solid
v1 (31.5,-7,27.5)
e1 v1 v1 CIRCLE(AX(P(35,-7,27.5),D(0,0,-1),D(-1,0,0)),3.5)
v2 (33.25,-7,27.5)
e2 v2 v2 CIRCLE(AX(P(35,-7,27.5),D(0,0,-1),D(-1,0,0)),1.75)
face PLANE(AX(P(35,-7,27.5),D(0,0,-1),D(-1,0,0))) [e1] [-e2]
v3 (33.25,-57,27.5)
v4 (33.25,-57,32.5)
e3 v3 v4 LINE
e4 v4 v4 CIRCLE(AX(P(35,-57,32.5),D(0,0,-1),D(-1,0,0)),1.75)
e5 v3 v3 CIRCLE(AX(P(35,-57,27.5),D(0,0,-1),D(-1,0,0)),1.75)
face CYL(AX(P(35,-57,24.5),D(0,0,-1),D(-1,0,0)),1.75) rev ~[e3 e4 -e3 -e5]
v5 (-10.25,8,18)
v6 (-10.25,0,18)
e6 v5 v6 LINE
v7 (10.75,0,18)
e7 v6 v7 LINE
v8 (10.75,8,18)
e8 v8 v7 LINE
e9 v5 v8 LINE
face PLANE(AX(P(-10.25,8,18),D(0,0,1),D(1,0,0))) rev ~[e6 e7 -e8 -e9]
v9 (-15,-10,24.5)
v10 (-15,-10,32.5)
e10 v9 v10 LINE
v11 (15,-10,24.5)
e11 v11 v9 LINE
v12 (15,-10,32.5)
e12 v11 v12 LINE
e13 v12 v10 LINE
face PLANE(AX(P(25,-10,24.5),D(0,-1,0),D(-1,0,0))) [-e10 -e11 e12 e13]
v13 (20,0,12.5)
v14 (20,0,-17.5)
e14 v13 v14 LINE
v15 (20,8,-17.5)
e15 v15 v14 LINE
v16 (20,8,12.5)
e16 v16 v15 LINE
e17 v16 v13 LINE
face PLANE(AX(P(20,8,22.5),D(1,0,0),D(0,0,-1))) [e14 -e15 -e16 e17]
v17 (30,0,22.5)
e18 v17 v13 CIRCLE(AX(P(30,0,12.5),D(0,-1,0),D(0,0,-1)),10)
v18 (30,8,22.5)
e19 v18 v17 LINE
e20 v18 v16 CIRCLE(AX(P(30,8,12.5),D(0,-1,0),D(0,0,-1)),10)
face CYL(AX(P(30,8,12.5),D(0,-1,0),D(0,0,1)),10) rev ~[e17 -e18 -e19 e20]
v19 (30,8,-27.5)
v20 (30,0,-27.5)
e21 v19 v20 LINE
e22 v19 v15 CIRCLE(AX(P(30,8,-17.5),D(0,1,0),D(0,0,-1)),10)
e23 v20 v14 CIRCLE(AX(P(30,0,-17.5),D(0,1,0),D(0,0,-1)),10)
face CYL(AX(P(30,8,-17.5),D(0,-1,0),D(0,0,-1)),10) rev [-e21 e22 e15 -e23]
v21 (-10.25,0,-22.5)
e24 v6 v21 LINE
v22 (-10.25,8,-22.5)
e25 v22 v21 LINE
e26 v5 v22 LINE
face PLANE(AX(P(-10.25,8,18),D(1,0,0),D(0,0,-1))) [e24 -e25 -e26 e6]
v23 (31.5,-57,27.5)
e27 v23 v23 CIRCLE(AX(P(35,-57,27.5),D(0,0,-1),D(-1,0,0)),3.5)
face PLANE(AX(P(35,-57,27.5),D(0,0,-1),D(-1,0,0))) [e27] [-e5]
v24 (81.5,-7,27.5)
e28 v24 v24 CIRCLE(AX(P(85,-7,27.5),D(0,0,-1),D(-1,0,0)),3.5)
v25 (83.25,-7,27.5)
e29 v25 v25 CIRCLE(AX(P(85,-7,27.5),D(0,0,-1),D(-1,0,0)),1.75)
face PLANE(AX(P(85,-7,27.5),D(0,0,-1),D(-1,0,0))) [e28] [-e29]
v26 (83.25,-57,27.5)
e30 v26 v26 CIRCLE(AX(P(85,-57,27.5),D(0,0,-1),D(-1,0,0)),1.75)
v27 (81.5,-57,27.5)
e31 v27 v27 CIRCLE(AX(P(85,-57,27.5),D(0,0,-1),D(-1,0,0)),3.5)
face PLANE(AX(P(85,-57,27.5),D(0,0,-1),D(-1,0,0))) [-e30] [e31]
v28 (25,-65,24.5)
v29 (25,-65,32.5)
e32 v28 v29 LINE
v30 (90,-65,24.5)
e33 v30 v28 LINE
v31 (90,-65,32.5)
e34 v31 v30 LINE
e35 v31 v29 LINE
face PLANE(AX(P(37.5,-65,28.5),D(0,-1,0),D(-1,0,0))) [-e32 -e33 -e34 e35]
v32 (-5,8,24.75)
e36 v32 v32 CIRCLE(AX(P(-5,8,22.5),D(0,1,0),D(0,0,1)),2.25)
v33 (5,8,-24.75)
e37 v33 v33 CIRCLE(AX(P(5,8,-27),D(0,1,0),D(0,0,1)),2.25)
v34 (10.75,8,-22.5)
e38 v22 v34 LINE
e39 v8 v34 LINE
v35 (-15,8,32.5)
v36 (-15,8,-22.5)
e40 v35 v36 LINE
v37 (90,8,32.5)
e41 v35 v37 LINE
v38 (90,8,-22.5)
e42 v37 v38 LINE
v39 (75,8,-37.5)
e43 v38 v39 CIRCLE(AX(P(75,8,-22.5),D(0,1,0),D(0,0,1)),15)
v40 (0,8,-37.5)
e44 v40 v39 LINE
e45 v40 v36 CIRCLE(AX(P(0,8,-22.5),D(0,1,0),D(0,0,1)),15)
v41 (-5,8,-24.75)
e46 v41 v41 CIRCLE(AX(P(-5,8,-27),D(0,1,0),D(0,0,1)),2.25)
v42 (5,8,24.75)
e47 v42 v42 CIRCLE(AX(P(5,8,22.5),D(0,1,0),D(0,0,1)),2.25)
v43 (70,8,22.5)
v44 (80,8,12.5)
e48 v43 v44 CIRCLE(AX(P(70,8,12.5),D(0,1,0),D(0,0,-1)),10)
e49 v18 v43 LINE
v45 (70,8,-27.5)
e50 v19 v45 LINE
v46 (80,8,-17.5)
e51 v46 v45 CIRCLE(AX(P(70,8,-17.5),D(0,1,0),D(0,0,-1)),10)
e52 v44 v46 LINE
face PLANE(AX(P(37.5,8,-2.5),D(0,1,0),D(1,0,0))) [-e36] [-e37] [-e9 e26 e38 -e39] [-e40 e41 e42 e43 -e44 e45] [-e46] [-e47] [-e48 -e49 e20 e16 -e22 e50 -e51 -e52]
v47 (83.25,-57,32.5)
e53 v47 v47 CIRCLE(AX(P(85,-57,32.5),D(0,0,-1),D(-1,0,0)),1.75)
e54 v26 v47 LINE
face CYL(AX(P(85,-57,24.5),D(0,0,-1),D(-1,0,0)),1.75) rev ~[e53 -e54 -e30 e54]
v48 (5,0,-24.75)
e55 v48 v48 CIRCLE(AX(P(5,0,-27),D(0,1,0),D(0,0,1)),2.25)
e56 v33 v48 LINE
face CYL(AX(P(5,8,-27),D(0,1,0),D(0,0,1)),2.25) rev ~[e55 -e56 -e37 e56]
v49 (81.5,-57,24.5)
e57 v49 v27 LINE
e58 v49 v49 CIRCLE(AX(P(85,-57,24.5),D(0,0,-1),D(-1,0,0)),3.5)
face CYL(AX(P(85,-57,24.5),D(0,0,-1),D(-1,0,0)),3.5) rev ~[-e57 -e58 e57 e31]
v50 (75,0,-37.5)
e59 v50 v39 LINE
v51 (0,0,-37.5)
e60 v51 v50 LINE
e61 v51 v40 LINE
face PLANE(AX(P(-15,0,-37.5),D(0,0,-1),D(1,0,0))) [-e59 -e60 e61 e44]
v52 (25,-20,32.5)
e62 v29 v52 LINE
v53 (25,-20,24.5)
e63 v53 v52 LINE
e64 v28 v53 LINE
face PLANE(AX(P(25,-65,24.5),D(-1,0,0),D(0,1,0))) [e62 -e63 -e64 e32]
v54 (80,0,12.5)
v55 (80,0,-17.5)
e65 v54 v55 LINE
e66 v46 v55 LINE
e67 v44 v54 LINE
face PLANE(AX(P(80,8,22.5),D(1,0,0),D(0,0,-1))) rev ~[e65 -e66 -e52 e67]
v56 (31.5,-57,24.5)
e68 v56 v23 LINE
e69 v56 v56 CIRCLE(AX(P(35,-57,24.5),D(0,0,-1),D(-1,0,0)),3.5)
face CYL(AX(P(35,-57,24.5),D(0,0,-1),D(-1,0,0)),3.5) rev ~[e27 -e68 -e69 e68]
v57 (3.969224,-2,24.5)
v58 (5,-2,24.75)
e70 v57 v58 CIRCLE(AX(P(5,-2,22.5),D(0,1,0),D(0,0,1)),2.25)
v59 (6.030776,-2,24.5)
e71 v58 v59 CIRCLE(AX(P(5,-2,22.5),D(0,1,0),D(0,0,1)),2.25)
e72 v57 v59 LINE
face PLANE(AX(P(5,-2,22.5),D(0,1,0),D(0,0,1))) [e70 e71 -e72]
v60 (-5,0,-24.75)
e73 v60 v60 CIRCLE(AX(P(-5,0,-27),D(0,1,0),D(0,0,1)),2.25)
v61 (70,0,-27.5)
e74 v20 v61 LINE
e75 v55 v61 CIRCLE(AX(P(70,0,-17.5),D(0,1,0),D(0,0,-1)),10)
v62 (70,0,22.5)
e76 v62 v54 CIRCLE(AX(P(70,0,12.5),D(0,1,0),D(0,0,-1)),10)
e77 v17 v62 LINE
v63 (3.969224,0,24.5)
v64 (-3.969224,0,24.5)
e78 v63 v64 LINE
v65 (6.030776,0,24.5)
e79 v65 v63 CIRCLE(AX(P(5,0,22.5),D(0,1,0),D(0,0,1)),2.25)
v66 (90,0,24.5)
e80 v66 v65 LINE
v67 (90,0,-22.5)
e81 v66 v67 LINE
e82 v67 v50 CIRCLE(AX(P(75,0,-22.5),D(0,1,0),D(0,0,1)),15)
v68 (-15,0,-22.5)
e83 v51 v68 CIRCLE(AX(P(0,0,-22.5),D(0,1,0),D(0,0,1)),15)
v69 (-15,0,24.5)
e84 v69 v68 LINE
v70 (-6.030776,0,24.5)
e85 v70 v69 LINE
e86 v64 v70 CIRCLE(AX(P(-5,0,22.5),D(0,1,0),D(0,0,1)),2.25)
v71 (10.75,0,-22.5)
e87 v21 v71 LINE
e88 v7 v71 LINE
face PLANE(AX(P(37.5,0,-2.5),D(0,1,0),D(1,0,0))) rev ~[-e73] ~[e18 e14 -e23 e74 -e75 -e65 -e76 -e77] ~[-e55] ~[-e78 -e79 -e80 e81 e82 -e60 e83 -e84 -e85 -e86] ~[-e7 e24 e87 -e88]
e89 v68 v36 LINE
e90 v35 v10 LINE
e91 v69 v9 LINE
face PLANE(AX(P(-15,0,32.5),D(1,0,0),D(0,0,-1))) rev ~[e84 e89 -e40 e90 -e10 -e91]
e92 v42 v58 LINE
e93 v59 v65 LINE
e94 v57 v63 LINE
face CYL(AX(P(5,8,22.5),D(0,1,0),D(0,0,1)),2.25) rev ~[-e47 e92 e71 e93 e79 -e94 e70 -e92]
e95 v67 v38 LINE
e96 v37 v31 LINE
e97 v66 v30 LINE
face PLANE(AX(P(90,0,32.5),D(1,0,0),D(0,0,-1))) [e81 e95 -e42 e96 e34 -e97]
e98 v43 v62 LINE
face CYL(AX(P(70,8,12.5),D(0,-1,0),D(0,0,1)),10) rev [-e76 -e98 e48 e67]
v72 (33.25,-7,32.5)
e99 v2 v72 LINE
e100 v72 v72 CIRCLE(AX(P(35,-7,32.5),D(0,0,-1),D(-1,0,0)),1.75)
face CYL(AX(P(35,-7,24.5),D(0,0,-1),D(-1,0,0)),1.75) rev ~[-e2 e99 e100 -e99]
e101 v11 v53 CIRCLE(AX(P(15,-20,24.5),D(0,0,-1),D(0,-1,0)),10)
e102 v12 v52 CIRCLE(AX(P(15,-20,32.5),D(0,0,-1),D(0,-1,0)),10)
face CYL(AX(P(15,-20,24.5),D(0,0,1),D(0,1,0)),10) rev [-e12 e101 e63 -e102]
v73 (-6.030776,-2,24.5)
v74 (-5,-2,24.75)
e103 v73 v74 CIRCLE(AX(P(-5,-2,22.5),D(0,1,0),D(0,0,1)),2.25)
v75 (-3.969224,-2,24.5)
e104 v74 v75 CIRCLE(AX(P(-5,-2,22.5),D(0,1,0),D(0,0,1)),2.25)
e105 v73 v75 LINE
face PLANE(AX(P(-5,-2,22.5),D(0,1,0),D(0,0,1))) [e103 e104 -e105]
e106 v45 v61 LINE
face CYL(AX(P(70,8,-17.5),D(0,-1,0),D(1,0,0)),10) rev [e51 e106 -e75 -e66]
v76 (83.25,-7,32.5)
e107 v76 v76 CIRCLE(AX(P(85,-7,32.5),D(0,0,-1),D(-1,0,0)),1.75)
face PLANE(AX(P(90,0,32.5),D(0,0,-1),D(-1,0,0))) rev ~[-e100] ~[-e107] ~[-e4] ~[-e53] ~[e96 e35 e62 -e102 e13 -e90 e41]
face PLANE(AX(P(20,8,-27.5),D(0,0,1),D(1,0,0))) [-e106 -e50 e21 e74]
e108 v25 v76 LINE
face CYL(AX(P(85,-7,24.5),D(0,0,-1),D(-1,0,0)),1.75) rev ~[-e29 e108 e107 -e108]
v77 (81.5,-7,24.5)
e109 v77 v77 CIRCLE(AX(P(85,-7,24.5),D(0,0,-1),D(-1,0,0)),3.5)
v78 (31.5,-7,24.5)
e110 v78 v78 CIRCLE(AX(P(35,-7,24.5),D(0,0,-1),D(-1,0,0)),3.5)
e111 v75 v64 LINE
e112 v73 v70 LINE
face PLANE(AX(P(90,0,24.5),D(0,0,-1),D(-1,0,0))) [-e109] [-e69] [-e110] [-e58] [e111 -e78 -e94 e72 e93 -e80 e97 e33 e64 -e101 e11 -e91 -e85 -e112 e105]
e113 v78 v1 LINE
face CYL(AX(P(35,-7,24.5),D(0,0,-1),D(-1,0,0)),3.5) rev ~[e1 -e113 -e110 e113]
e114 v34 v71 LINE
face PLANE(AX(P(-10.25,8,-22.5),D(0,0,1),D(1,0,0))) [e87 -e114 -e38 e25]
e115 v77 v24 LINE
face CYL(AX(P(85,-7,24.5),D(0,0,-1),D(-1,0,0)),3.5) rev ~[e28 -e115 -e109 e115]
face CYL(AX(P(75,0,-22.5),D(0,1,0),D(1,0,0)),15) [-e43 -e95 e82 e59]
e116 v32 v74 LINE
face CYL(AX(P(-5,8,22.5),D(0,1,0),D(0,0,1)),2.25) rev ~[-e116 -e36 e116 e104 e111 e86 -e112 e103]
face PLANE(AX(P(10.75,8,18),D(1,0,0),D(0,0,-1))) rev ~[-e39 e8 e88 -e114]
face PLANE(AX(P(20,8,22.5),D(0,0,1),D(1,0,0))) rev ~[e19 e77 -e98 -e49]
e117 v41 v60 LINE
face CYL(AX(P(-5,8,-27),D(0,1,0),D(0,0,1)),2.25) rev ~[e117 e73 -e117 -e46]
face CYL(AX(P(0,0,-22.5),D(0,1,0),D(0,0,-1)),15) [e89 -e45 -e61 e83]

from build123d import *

# Parameters (mm, degrees)
SKETCH2_W           = 105
SKETCH2_H           = 70
BOSS_EXTRUDE1_DEPTH = 8
SKETCH4_W           = 105
SKETCH4_H           = 8
BOSS_EXTRUDE2_DEPTH = 65
SKETCH6_R           = 1.75
CUT_EXTRUDE1_DEPTH  = 10
SKETCH7_R           = 3.5
CUT_EXTRUDE2_DEPTH  = 3
SKETCH9_W           = 21
SKETCH9_H           = 40.5
CUT_EXTRUDE3_DEPTH  = 10
SKETCH10_R          = 2.25
CUT_EXTRUDE4_DEPTH  = 10
FILLET1_R           = 15
FILLET2_R           = 15
SKETCH12_W          = 60
SKETCH12_H          = 50
CUT_EXTRUDE5_DEPTH  = 10
FILLET3_R           = 10
FILLET4_R           = 10
FILLET5_R           = 10
FILLET6_R           = 10
SKETCH13_W          = 40
SKETCH13_H          = 55
CUT_EXTRUDE6_DEPTH  = 10
FILLET7_R           = 10


with BuildPart() as part:
    # Sketch2 → Boss-Extrude1 (new body)
    with BuildSketch(Plane(origin=(0, 0, 0), x_dir=(1, 0, 0), z_dir=(0, 1, 0))):
        with Locations((37.5, 2.5)):
            Rectangle(SKETCH2_W, SKETCH2_H)
    extrude(amount=BOSS_EXTRUDE1_DEPTH)

    # Sketch4 → Boss-Extrude2 (add)
    with BuildSketch(Plane(origin=(0, 0, 0), x_dir=(-1, 0, 0), z_dir=(0, -1, 0))):
        with Locations((-37.5, -28.5)):
            Rectangle(SKETCH4_W, SKETCH4_H)
    extrude(amount=BOSS_EXTRUDE2_DEPTH)

    # Sketch6 → Cut-Extrude1 (cut)
    with BuildSketch(Plane(origin=(0, 0, 24.5), x_dir=(-1, 0, 0), z_dir=(0, 0, -1))):
        with Locations((-85, -7)):
            Circle(SKETCH6_R)
        with Locations((-35, -7)):
            Circle(SKETCH6_R)
        with Locations((-85, -57)):
            Circle(SKETCH6_R)
        with Locations((-35, -57)):
            Circle(SKETCH6_R)
    extrude(amount=-CUT_EXTRUDE1_DEPTH, mode=Mode.SUBTRACT)

    # Sketch7 → Cut-Extrude2 (cut)
    with BuildSketch(Plane(origin=(0, 0, 24.5), x_dir=(-1, 0, 0), z_dir=(0, 0, -1))):
        with Locations((-85, -7)):
            Circle(SKETCH7_R)
        with Locations((-35, -7)):
            Circle(SKETCH7_R)
        with Locations((-35, -57)):
            Circle(SKETCH7_R)
        with Locations((-85, -57)):
            Circle(SKETCH7_R)
    extrude(amount=-CUT_EXTRUDE2_DEPTH, mode=Mode.SUBTRACT)

    # Sketch9 → Cut-Extrude3 (cut)
    with BuildSketch(Plane(origin=(0, 8, 0), x_dir=(1, 0, 0), z_dir=(0, 1, 0))):
        with Locations((0.25, 2.25)):
            Rectangle(SKETCH9_W, SKETCH9_H)
    extrude(amount=-CUT_EXTRUDE3_DEPTH, mode=Mode.SUBTRACT)

    # Sketch10 → Cut-Extrude4 (cut)
    with BuildSketch(Plane(origin=(0, 8, 0), x_dir=(1, 0, 0), z_dir=(0, 1, 0))):
        with Locations(Location((-5, 27, 0), (0, 0, 270))):
            Circle(SKETCH10_R)
        with Locations(Location((5, 27, 0), (0, 0, 270))):
            Circle(SKETCH10_R)
        with Locations(Location((-5, -22.5, 0), (0, 0, 270))):
            Circle(SKETCH10_R)
        with Locations(Location((5, -22.5, 0), (0, 0, 270))):
            Circle(SKETCH10_R)
    extrude(amount=-CUT_EXTRUDE4_DEPTH, mode=Mode.SUBTRACT)

    # Fillet1
    fillet1_edges = [part.edges().sort_by_distance(p)[0] for p in [
        (90, 4, -37.5),
    ]]
    fillet(fillet1_edges, radius=FILLET1_R)

    # Fillet2
    fillet2_edges = [part.edges().sort_by_distance(p)[0] for p in [
        (-15, 4, -37.5),
    ]]
    fillet(fillet2_edges, radius=FILLET2_R)

    # Sketch12 → Cut-Extrude5 (cut)
    with BuildSketch(Plane(origin=(0, 8, 0), x_dir=(1, 0, 0), z_dir=(0, 1, 0))):
        with Locations((50, 2.5)):
            Rectangle(SKETCH12_W, SKETCH12_H)
    extrude(amount=-CUT_EXTRUDE5_DEPTH, mode=Mode.SUBTRACT)

    # Fillet3
    fillet3_edges = [part.edges().sort_by_distance(p)[0] for p in [
        (20, 4, 22.5),
    ]]
    fillet(fillet3_edges, radius=FILLET3_R)

    # Fillet4
    fillet4_edges = [part.edges().sort_by_distance(p)[0] for p in [
        (80, 4, 22.5),
    ]]
    fillet(fillet4_edges, radius=FILLET4_R)

    # Fillet5
    fillet5_edges = [part.edges().sort_by_distance(p)[0] for p in [
        (80, 4, -27.5),
    ]]
    fillet(fillet5_edges, radius=FILLET5_R)

    # Fillet6
    fillet6_edges = [part.edges().sort_by_distance(p)[0] for p in [
        (20, 4, -27.5),
    ]]
    fillet(fillet6_edges, radius=FILLET6_R)

    # Sketch13 → Cut-Extrude6 (cut)
    with BuildSketch(Plane(origin=(0, 0, 24.5), x_dir=(-1, 0, 0), z_dir=(0, 0, -1))):
        with Locations((-5, -37.5)):
            Rectangle(SKETCH13_W, SKETCH13_H)
    extrude(amount=-CUT_EXTRUDE6_DEPTH, mode=Mode.SUBTRACT)

    # Fillet7
    fillet7_edges = [part.edges().sort_by_distance(p)[0] for p in [
        (25, -10, 28.5),
    ]]
    fillet(fillet7_edges, radius=FILLET7_R)


solid = part.part
